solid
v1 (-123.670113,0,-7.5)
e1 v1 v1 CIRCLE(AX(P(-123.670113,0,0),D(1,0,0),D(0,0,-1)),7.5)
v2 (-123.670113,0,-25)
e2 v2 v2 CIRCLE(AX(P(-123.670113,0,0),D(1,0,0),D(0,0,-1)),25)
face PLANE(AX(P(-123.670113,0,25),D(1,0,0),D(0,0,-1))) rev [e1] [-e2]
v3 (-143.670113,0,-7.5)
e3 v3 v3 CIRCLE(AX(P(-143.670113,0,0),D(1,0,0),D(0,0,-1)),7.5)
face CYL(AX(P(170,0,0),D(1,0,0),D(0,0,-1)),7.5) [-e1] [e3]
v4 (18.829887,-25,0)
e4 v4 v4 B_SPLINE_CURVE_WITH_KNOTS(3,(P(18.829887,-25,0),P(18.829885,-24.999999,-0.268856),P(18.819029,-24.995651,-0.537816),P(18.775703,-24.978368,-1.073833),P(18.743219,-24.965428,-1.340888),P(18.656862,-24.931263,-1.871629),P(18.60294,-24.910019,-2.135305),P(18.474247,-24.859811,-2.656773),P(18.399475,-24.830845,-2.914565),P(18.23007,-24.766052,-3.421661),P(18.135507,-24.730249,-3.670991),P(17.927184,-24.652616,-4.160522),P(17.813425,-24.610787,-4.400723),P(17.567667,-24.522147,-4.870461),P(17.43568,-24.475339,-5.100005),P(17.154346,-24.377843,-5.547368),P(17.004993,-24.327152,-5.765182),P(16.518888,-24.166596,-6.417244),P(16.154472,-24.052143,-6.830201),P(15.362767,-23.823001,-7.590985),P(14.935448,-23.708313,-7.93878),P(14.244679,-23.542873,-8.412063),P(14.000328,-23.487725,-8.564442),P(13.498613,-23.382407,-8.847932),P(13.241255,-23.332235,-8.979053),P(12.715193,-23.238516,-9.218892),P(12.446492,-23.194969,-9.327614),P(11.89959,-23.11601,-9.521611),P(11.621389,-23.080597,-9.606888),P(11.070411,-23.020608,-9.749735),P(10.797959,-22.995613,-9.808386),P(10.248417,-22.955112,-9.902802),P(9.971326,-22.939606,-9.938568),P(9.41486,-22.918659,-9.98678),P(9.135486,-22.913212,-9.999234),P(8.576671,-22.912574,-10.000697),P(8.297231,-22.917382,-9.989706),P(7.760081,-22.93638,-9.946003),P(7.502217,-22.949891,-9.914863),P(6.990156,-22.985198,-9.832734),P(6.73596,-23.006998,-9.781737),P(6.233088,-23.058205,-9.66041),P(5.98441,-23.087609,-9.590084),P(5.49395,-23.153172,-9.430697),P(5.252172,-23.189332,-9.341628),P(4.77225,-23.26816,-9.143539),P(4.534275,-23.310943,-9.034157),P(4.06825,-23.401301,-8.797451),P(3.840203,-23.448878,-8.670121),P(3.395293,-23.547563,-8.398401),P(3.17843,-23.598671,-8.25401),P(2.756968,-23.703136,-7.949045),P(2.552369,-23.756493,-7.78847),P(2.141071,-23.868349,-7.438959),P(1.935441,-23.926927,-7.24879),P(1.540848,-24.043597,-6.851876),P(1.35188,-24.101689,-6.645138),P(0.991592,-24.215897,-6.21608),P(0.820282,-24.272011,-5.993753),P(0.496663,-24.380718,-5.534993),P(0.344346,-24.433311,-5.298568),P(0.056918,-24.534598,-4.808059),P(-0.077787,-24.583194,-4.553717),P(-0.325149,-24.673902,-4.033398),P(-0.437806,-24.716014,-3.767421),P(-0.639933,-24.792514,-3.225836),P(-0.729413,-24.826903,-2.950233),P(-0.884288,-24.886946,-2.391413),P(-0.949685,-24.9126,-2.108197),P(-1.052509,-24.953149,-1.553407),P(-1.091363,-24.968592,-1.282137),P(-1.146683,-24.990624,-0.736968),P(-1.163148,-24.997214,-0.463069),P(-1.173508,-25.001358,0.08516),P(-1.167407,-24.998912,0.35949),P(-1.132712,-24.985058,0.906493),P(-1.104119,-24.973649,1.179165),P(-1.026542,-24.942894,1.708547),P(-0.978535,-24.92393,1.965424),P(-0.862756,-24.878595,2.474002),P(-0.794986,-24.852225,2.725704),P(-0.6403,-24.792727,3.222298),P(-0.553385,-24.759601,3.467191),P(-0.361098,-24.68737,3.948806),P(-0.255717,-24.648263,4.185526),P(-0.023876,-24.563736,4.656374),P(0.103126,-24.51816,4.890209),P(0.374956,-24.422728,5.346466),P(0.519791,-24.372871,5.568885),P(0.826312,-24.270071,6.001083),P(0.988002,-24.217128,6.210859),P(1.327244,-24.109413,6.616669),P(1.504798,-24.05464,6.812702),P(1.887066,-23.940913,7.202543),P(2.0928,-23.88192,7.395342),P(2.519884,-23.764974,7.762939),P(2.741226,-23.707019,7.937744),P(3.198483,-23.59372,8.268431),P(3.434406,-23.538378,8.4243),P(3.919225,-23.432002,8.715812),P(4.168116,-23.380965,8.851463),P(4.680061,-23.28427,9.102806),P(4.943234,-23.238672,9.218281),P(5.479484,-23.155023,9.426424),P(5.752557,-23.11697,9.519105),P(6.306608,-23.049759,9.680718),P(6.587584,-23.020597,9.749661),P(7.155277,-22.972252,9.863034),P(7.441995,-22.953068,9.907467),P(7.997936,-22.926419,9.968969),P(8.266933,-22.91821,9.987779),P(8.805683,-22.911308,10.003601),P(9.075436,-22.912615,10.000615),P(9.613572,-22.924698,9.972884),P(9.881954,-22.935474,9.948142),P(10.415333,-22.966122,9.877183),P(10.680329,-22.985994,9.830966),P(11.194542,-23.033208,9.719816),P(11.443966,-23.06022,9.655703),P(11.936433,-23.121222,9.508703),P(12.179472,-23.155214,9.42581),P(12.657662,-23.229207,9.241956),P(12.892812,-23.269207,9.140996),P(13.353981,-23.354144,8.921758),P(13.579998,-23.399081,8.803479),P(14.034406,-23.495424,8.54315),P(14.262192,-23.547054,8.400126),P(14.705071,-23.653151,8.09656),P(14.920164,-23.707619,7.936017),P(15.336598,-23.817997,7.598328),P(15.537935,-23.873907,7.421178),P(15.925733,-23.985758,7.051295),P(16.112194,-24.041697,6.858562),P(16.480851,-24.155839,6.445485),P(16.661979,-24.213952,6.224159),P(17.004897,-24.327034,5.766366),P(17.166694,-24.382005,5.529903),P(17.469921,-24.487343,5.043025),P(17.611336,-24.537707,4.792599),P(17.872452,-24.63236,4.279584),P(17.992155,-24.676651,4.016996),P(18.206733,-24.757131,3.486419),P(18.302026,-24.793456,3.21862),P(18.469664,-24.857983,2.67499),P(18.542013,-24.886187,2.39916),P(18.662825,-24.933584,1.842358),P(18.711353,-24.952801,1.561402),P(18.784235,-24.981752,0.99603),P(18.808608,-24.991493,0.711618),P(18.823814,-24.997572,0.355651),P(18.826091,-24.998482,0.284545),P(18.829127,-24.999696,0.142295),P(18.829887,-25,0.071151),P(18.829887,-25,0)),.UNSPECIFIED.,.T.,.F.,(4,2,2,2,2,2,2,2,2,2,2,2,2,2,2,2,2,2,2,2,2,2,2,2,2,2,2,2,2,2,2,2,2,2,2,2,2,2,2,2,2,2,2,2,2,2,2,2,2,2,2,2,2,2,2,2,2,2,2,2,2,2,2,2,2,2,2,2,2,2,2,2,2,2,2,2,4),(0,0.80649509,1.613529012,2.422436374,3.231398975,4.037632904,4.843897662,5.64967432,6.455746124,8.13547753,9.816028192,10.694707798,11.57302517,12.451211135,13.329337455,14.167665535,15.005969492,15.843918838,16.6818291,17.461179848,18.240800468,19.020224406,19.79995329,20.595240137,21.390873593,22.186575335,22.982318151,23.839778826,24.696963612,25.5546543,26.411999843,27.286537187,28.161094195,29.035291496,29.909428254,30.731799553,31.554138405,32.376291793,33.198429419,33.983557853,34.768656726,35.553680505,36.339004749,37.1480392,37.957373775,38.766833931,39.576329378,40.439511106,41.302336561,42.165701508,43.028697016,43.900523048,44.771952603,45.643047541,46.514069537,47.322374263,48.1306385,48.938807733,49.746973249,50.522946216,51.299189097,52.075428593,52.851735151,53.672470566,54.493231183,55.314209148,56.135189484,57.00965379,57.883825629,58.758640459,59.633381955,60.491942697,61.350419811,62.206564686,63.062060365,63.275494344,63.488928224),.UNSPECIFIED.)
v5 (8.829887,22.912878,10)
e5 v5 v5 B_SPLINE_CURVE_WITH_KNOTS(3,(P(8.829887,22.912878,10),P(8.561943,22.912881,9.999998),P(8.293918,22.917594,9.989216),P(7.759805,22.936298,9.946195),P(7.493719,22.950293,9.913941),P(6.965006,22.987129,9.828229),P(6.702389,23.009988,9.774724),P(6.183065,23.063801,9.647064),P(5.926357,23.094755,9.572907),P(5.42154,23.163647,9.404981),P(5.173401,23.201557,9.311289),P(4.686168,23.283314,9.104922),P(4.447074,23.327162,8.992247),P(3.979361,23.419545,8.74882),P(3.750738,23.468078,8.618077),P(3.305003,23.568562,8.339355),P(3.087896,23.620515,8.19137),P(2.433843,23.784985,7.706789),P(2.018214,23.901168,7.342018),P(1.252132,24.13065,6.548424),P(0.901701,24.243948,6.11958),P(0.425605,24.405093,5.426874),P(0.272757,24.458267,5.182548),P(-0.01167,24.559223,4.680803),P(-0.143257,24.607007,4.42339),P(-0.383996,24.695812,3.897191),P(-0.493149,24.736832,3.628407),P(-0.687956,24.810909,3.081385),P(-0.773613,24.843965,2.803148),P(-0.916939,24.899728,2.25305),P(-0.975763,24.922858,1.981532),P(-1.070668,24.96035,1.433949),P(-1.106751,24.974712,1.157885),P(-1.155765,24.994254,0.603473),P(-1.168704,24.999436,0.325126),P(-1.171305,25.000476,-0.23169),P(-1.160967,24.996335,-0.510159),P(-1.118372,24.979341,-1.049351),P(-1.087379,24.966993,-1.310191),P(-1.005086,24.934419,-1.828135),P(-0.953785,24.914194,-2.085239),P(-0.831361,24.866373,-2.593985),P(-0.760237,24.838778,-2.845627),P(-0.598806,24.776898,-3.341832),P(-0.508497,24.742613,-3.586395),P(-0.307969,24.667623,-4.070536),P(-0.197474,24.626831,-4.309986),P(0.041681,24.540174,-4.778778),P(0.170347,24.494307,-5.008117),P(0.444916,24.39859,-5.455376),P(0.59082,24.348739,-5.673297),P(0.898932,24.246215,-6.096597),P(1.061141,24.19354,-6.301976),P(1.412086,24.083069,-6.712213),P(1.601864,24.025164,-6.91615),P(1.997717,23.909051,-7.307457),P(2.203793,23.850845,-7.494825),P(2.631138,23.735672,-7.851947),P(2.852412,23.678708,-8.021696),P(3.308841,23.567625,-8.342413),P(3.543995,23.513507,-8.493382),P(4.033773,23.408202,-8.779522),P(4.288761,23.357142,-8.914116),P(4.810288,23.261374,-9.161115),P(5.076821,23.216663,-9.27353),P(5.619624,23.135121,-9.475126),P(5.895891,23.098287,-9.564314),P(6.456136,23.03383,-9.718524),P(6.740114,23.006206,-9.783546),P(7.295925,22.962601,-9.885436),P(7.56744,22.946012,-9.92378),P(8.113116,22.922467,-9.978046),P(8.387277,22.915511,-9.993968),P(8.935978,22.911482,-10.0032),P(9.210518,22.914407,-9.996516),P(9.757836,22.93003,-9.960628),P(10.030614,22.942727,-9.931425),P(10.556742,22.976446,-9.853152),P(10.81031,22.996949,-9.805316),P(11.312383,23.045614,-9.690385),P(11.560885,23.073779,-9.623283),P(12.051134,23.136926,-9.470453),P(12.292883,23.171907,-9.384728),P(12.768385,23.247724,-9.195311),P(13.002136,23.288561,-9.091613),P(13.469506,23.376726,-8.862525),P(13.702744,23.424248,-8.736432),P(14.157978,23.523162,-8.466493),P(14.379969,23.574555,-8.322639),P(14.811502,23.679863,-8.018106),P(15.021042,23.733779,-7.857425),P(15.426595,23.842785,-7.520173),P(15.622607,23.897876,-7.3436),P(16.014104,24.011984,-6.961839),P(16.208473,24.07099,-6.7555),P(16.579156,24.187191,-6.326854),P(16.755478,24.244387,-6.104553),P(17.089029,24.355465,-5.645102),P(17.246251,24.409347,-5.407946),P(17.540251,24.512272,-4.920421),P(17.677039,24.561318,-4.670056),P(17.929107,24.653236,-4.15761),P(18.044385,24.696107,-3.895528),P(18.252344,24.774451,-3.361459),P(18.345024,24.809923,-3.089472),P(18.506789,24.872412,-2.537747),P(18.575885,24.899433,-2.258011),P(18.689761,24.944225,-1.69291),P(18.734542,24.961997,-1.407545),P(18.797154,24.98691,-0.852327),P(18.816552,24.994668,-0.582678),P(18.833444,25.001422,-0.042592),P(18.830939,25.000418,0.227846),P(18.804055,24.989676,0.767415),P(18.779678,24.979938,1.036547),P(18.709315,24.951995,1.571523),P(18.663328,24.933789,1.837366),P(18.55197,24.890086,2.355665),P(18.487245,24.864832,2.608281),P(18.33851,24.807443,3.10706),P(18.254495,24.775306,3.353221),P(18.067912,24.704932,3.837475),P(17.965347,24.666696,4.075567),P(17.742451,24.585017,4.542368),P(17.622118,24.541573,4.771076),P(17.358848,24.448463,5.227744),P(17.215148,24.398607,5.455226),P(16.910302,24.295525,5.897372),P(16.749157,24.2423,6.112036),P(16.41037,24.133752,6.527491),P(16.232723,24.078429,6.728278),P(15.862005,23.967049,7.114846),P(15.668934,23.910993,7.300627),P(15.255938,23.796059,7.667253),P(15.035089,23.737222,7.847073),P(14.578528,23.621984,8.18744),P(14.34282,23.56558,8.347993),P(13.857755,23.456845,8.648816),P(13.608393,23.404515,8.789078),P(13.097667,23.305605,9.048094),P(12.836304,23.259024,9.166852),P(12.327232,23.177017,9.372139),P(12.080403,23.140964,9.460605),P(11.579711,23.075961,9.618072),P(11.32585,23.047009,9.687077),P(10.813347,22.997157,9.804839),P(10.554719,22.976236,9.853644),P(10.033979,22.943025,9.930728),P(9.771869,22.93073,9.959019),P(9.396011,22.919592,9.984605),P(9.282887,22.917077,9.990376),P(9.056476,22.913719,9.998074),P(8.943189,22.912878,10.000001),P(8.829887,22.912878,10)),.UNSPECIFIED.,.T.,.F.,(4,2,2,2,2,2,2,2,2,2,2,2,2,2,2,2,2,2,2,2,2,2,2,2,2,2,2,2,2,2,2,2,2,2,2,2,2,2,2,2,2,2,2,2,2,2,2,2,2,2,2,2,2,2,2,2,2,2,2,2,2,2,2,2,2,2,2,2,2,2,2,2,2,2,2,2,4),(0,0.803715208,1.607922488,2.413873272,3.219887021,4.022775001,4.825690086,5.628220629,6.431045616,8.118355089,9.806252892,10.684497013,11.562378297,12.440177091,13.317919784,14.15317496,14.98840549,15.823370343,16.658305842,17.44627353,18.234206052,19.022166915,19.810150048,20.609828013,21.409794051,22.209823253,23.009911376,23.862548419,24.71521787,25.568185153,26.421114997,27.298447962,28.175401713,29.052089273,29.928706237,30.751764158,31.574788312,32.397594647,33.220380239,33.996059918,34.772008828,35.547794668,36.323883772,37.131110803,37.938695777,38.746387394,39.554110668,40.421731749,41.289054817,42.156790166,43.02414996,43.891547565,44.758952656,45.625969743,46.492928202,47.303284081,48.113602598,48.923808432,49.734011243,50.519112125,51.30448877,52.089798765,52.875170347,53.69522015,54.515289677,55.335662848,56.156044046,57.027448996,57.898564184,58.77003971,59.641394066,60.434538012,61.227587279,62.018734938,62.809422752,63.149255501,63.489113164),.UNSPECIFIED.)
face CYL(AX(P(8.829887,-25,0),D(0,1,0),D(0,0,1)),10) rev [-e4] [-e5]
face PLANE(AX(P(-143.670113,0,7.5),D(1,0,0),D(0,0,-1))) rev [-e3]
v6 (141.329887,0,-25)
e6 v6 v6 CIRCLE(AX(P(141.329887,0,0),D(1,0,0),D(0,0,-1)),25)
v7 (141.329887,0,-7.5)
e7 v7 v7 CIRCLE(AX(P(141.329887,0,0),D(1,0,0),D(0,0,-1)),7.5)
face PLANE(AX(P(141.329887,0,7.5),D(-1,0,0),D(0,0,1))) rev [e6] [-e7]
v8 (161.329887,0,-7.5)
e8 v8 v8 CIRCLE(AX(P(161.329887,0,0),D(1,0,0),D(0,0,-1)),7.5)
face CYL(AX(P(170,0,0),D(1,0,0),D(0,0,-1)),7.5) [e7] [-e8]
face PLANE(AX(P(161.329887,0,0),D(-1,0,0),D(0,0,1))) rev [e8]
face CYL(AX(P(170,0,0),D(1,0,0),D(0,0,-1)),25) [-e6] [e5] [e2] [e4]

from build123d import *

# Parameters (mm, degrees)
CUT_EXTRUDE1_DEPTH      = 166.158506589
CUT_EXTRUDE1_DEPTH_BACK = 166.158506589
SKETCH2_R               = 10


with BuildPart() as part:
    # Sketch1 → Revolve1 (revolve)
    with BuildSketch(Plane(origin=(0, 0, 0), x_dir=(-1, 0, 0), z_dir=(0, 1, 0)), mode=Mode.PRIVATE) as revolve1_sk:
        Polygon((-161.329886564, 0), (-161.329886564, 7.5), (-141.329886564, 7.5), (-141.329886564, 25), (123.670113436, 25), (123.670113436, 7.5), (143.670113436, 7.5), (143.670113436, 0), align=None)
    revolve(revolve1_sk.sketch.rotate(Axis((170, 0, 0), (-1, 0, 0)), 180), axis=Axis((170, 0, 0), (-1, 0, 0)))

    # Sketch2 → Cut-Extrude1 (cut, two sides: drawn at the far end of the back side and taken through both)
    with BuildSketch(Plane(origin=(0, 0, 0), x_dir=(-1, 0, 0), z_dir=(0, 1, 0)).offset(-CUT_EXTRUDE1_DEPTH_BACK)):
        with Locations(Location((-8.829886564, 0, 0), (0, 0, 90))):
            Circle(SKETCH2_R)
    extrude(amount=CUT_EXTRUDE1_DEPTH + CUT_EXTRUDE1_DEPTH_BACK, mode=Mode.SUBTRACT)


solid = part.part
